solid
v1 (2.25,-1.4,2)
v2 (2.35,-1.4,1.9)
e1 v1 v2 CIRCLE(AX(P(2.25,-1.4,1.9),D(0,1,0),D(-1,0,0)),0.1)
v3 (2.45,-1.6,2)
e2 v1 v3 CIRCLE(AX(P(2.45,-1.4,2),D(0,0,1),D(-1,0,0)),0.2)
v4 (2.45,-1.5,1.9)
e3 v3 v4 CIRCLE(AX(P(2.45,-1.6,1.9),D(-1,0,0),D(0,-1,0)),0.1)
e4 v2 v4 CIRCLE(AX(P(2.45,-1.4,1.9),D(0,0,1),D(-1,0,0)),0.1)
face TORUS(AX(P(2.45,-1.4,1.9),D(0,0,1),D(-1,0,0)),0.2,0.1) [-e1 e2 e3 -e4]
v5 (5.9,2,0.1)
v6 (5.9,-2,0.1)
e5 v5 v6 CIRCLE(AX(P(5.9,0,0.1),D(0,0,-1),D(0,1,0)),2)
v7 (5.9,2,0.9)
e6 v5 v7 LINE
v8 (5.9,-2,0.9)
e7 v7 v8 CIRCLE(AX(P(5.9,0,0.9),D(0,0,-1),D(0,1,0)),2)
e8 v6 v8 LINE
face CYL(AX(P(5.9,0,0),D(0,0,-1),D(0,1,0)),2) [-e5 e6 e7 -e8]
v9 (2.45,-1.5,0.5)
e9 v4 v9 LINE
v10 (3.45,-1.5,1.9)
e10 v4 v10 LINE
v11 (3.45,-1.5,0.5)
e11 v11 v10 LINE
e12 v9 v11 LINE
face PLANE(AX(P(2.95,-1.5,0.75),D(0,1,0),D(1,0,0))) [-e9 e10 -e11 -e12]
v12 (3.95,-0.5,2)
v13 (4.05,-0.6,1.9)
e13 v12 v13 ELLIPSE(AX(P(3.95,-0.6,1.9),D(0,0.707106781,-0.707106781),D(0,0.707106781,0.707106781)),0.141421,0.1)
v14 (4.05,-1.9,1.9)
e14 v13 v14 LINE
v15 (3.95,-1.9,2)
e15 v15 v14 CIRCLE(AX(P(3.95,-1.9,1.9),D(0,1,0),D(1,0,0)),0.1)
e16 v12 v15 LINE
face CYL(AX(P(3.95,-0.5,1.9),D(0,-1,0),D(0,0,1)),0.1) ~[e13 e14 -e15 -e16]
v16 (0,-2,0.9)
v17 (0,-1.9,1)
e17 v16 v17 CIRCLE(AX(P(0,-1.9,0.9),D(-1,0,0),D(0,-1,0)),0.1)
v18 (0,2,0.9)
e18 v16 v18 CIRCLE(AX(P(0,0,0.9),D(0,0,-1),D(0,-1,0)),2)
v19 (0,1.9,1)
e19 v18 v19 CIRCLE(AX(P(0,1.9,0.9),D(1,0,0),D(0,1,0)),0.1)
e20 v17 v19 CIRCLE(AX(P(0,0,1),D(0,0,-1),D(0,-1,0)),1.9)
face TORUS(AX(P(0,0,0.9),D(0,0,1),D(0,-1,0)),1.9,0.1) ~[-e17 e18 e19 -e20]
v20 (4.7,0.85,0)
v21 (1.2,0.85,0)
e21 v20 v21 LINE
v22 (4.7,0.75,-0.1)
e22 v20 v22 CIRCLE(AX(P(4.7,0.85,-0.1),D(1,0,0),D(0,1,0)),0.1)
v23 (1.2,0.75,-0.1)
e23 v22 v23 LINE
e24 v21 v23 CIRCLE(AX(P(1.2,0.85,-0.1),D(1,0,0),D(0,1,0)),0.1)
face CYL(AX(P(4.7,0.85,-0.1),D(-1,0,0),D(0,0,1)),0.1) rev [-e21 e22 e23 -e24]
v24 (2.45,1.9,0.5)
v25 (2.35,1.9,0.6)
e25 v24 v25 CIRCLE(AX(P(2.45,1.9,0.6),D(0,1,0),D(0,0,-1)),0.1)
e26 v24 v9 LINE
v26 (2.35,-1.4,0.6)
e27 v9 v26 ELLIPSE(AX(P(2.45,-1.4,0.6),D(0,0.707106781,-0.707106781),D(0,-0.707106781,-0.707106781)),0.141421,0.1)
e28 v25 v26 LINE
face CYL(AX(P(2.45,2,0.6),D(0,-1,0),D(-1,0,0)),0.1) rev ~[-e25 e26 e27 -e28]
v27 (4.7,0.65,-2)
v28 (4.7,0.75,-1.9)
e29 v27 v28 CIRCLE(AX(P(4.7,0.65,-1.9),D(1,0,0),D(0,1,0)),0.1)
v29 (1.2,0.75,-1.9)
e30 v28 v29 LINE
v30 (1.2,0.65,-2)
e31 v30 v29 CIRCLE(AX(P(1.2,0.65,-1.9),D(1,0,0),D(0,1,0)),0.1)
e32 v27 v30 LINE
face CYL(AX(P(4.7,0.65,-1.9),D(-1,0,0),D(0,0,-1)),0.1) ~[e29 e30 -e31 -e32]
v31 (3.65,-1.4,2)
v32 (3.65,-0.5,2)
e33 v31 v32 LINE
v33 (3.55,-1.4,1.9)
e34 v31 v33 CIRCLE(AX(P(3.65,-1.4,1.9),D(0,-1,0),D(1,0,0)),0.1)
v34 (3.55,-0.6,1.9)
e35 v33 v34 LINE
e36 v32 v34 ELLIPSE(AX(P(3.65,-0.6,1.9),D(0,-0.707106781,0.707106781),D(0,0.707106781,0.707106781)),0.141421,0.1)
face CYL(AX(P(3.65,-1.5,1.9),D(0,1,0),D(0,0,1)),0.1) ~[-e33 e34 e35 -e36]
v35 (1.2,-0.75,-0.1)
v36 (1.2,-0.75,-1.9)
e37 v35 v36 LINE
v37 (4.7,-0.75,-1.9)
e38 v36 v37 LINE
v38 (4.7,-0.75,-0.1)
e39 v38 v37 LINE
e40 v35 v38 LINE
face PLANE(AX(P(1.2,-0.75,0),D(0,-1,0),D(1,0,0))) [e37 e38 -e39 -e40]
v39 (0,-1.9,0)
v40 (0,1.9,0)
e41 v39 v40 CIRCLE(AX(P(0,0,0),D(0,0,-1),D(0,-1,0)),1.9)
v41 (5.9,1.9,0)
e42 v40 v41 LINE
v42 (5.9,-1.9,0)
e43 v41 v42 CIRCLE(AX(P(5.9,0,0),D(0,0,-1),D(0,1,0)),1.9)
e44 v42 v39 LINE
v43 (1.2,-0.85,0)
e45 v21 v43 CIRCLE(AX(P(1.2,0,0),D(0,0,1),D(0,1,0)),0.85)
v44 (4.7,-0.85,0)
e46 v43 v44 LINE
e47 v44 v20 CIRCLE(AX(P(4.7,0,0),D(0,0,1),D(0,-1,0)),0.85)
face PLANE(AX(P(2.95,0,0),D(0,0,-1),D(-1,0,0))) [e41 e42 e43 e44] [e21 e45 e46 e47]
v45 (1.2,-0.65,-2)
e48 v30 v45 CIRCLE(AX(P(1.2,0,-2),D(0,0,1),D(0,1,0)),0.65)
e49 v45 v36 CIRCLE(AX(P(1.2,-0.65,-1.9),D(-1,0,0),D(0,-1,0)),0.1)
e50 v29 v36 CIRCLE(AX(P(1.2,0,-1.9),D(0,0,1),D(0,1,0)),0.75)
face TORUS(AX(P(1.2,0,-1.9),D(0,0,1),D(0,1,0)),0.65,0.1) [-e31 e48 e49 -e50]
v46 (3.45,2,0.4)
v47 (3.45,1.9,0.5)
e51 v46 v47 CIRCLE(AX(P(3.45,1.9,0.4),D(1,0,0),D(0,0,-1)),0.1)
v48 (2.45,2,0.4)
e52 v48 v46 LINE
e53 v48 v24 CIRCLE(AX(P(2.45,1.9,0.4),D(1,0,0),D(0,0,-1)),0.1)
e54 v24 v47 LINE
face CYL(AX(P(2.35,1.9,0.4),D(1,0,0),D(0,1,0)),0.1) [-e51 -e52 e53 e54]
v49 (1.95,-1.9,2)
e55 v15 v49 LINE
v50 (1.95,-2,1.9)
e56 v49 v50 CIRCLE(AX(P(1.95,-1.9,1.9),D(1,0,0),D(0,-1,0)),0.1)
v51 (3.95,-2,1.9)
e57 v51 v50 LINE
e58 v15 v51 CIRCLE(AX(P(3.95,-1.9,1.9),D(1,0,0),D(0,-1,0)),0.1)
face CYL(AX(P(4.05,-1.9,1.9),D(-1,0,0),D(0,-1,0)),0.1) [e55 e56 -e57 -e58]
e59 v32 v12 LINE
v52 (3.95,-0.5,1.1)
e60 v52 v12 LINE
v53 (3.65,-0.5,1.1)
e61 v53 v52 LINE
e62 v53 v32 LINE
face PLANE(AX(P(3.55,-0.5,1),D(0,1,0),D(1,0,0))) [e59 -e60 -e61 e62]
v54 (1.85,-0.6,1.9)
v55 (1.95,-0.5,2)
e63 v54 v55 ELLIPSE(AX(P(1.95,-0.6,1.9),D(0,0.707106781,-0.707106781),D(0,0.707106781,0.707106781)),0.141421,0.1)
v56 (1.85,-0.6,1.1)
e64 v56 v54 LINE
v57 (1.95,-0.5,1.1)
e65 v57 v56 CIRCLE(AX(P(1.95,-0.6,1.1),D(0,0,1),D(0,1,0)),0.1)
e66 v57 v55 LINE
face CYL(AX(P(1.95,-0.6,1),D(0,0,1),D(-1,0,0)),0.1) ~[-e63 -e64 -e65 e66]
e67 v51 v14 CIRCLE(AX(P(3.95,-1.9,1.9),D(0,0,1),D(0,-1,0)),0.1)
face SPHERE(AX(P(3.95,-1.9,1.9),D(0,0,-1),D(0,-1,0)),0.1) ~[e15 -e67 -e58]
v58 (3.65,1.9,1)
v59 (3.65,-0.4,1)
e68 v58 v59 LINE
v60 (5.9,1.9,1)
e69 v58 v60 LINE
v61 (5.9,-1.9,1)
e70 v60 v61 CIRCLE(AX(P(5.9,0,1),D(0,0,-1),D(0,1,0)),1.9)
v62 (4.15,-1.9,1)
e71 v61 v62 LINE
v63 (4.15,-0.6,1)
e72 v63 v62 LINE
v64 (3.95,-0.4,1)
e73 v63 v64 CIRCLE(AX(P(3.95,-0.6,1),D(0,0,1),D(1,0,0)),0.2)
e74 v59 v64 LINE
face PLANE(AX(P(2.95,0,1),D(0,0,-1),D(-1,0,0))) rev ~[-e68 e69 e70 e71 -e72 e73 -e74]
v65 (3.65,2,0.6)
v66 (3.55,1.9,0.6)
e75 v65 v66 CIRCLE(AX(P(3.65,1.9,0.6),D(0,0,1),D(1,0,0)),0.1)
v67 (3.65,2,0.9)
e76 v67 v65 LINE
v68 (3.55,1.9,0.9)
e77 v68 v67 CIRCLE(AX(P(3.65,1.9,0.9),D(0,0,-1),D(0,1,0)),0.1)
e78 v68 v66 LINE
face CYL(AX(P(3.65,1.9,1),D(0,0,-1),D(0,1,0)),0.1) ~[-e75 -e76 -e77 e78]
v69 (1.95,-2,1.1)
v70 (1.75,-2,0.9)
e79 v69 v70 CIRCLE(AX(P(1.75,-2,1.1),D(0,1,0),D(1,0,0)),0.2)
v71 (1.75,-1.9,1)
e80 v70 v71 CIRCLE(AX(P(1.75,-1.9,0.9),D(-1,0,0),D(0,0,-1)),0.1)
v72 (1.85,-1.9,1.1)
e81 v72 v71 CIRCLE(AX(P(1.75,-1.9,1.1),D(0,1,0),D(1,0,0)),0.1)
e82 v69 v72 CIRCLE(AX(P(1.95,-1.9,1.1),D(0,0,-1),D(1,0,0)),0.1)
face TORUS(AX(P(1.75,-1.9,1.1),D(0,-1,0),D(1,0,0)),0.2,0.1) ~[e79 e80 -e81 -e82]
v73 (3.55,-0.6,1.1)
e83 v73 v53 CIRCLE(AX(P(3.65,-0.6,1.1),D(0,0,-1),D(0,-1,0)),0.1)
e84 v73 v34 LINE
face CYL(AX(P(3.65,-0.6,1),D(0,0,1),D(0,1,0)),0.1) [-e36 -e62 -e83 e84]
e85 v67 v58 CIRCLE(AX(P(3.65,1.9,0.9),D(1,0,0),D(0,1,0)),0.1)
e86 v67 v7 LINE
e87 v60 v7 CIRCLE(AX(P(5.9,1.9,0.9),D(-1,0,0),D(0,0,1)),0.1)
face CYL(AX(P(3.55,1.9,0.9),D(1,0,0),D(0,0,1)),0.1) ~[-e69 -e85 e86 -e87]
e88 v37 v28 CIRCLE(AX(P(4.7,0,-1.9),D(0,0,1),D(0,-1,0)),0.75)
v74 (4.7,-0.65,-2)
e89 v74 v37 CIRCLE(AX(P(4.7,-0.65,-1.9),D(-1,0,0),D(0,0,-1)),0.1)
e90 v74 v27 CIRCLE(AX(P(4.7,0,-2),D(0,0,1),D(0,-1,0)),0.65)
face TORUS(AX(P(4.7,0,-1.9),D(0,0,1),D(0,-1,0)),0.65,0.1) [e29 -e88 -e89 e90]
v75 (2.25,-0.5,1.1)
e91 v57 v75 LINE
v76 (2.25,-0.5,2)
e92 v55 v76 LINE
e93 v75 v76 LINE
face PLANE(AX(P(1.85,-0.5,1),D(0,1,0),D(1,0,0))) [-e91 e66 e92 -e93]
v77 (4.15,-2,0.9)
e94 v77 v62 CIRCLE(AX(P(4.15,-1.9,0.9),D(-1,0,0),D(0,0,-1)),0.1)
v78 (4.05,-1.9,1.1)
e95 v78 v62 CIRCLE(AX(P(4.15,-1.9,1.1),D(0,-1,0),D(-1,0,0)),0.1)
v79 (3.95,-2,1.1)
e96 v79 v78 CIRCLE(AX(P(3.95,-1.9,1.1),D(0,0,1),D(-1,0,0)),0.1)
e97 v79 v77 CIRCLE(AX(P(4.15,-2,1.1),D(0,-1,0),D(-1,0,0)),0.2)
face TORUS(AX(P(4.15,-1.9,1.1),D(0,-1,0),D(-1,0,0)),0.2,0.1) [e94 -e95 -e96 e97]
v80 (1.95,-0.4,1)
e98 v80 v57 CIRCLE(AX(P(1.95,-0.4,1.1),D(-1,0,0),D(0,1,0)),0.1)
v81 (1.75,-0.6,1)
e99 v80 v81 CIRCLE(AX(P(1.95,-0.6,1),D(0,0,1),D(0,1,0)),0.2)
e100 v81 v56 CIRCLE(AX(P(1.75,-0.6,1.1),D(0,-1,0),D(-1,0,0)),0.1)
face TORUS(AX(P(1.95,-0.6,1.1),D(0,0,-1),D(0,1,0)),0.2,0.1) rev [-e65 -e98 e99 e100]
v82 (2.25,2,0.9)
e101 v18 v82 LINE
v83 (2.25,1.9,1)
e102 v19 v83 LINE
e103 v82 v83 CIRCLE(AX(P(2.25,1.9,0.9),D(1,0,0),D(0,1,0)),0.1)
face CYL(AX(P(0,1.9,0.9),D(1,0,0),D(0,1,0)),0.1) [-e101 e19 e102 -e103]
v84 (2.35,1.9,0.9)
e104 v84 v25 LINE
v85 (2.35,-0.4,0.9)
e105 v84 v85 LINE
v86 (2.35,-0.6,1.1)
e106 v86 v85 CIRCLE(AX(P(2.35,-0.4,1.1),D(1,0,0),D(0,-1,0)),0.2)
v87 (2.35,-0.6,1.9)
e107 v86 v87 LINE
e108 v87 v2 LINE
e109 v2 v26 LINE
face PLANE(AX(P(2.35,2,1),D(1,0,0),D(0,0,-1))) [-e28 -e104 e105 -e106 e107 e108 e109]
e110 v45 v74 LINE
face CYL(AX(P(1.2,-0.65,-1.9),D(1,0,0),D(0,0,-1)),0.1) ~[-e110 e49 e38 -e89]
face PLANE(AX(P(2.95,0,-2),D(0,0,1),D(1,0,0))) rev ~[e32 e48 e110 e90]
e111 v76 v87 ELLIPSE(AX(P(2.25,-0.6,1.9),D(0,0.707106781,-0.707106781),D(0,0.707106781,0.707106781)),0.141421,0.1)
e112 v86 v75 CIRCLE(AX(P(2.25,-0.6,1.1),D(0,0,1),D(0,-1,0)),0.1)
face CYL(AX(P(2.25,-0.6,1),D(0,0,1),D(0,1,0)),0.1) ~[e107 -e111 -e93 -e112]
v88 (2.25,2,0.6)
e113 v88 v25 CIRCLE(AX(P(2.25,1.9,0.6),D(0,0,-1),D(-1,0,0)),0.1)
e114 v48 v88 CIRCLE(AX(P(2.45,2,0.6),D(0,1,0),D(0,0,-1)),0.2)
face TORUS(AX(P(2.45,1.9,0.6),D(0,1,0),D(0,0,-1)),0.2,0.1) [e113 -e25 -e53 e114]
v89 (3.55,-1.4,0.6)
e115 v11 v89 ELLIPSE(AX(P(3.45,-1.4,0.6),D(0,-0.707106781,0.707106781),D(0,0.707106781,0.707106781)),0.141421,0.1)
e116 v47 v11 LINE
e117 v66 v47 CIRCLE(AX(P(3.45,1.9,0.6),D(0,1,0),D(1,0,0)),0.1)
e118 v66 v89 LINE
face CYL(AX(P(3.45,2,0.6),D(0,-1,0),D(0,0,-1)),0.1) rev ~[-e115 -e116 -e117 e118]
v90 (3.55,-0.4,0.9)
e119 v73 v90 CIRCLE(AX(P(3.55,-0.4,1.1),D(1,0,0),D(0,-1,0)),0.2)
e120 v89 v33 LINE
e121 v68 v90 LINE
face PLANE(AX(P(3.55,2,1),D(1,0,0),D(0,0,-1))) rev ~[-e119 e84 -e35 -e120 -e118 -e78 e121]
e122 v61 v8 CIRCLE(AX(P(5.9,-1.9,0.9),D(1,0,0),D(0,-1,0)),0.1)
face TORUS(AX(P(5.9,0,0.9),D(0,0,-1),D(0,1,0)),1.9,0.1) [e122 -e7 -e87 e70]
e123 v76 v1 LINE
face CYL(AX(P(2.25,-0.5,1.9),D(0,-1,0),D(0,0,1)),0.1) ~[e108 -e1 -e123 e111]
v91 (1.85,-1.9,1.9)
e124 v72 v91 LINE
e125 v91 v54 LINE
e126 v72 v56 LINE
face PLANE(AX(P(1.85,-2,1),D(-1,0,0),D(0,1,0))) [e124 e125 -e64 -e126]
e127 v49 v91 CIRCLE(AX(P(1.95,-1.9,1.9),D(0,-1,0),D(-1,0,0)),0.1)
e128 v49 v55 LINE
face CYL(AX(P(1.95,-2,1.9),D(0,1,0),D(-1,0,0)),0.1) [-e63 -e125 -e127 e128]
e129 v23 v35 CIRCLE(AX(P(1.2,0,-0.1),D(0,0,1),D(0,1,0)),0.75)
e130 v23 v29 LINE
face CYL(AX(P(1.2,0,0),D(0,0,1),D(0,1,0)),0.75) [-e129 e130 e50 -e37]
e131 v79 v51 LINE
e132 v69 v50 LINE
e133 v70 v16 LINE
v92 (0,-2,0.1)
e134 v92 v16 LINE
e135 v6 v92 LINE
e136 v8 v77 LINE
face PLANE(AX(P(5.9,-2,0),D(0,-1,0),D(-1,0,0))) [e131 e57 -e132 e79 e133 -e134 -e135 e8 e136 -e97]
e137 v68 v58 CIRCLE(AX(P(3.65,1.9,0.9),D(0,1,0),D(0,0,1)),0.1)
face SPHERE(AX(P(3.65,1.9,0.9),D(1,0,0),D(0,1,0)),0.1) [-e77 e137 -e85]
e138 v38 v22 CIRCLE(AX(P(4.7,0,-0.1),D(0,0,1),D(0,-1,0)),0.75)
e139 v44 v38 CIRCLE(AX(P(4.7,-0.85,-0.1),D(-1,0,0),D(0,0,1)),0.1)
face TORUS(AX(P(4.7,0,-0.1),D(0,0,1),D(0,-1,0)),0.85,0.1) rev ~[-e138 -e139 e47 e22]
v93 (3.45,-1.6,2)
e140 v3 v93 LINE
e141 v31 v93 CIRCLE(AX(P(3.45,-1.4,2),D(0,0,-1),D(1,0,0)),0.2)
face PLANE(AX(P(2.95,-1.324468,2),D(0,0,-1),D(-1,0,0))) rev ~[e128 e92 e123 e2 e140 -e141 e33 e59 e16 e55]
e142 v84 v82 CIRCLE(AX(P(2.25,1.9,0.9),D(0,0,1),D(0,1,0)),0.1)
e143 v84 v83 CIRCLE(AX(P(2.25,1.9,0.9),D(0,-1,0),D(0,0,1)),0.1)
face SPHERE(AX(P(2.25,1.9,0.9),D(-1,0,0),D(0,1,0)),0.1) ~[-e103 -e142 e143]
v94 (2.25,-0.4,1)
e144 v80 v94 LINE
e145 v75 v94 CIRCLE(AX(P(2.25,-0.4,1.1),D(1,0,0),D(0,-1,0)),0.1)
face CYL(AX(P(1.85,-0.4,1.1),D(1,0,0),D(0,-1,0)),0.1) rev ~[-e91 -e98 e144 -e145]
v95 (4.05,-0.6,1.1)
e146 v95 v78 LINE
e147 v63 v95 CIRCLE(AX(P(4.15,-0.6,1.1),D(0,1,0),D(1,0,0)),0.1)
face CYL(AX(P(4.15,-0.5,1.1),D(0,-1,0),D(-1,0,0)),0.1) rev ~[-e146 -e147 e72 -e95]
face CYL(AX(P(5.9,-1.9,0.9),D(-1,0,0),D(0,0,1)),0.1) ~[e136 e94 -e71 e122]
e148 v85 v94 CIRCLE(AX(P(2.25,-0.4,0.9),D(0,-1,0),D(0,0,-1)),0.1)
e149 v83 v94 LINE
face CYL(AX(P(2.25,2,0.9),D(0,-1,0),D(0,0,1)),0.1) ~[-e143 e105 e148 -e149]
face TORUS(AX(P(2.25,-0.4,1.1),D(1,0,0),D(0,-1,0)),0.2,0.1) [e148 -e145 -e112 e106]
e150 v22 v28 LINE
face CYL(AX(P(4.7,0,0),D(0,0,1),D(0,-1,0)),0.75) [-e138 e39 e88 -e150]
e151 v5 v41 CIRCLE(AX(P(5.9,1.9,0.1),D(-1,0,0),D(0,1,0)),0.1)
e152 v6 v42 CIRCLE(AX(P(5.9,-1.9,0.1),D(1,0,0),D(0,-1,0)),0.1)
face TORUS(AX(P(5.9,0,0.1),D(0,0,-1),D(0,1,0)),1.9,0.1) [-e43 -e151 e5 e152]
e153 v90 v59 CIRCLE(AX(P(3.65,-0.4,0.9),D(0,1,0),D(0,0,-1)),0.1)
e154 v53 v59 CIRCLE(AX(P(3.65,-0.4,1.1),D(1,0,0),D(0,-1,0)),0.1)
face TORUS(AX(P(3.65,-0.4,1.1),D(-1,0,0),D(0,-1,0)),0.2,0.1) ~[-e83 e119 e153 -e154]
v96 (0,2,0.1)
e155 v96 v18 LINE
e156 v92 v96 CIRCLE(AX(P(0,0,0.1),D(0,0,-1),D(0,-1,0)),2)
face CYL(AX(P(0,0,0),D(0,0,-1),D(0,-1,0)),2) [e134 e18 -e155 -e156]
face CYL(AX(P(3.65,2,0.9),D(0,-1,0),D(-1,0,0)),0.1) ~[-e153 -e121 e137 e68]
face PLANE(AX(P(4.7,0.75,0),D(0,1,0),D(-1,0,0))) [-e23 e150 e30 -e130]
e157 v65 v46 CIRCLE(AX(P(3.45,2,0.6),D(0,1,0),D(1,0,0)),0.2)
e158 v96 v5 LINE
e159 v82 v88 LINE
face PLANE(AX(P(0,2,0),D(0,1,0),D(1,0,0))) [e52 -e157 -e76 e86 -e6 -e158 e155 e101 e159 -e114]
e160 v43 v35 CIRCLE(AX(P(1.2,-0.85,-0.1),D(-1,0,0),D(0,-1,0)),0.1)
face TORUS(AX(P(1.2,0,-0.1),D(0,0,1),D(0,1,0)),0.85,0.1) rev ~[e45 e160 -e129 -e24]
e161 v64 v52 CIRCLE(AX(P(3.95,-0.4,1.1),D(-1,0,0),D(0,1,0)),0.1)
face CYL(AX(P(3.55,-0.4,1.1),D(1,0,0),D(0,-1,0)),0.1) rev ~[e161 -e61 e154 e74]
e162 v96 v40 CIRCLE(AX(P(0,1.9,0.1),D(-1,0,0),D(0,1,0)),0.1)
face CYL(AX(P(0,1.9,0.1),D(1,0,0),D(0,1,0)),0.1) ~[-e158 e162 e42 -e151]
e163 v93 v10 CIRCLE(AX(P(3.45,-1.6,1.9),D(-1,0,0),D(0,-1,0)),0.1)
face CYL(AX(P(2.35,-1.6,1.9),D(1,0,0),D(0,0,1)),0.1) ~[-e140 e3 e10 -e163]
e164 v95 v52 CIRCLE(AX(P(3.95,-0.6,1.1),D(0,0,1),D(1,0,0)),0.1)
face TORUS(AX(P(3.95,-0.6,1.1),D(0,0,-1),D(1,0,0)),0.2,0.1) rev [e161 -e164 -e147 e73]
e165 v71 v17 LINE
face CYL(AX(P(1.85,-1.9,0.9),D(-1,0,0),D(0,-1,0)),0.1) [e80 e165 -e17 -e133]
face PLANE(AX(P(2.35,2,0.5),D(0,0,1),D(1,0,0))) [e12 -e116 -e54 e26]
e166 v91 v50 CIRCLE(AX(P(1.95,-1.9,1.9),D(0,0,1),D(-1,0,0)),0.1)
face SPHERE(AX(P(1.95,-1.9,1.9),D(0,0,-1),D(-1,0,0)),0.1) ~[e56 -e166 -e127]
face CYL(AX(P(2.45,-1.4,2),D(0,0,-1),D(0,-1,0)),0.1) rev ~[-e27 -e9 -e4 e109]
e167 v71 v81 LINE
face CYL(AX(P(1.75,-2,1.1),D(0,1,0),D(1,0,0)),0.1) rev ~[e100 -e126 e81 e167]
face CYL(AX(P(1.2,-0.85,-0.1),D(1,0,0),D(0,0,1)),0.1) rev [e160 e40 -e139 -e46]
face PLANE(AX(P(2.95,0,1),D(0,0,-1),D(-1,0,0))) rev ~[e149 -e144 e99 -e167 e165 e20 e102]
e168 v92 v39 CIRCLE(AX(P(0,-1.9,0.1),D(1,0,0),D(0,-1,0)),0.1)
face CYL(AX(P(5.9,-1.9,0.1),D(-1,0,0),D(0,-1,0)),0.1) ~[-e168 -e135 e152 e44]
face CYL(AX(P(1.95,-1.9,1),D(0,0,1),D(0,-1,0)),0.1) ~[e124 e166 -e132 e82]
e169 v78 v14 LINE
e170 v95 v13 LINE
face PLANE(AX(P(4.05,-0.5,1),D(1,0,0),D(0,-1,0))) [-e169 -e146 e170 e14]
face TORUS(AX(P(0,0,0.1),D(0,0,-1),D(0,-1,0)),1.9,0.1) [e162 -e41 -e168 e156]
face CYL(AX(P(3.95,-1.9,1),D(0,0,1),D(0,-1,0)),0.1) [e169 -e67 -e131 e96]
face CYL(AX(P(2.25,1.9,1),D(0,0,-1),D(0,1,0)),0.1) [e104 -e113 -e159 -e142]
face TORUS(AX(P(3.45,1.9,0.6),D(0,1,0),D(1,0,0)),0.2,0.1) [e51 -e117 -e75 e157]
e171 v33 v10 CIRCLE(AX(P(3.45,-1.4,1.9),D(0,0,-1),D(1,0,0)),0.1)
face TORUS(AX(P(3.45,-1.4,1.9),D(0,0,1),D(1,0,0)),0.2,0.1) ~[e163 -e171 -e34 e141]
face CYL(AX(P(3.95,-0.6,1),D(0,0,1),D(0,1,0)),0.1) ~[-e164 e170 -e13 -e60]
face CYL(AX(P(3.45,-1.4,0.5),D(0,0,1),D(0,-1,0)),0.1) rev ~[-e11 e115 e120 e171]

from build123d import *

# Parameters (mm, degrees)
DODANIE_WYCI_GNI_CIE1_DEPTH = 1
DODANIE_WYCI_GNI_CIE2_DEPTH = 2
DODANIE_WYCI_GNI_CIE3_DEPTH = 1
SZKIC4_W                    = 1.2
SZKIC4_H                    = 0.5
WYTNIJ_WYCI_GNI_CIE1_DEPTH  = 3.5
ZAOKR_GLENIE1_R             = 0.1


with BuildPart() as part:
    # Szkic1 → Dodanie-wyciągnięcie1 (new body)
    with BuildSketch(Plane.XY):
        with BuildLine():
            Line((0, 2), (5.9, 2))
            ThreePointArc((5.9, 2), (7.9, 0), (5.9, -2))
            Line((5.9, -2), (0, -2))
            ThreePointArc((0, -2), (-2, 0), (0, 2))
        make_face()
    extrude(amount=DODANIE_WYCI_GNI_CIE1_DEPTH)

    # Szkic2 → Dodanie-wyciągnięcie2 (add)
    with BuildSketch(Plane(origin=(0, 0, 0), x_dir=(-1, 0, 0), z_dir=(0, 0, -1))):
        with BuildLine():
            Line((-1.2, -0.75), (-4.7, -0.75))
            ThreePointArc((-4.7, -0.75), (-5.45, 0), (-4.7, 0.75))
            Line((-4.7, 0.75), (-1.2, 0.75))
            ThreePointArc((-1.2, 0.75), (-0.45, 0), (-1.2, -0.75))
        make_face()
    extrude(amount=DODANIE_WYCI_GNI_CIE2_DEPTH)

    # Szkic3 → Dodanie-wyciągnięcie3 (add)
    with BuildSketch(Plane.XY.offset(1)):
        Polygon((2.35, -1.5), (3.55, -1.5), (3.55, -0.5), (4.05, -0.5), (4.05, -2), (1.85, -2), (1.85, -0.5), (2.35, -0.5), align=None)
    extrude(amount=DODANIE_WYCI_GNI_CIE3_DEPTH)

    # Szkic4 → Wytnij-wyciągnięcie1 (cut)
    with BuildSketch(Plane(origin=(0, 2, 0), x_dir=(1, 0, 0), z_dir=(0, 1, 0))):
        with Locations((2.95, -0.75)):
            Rectangle(SZKIC4_W, SZKIC4_H)
    extrude(amount=-WYTNIJ_WYCI_GNI_CIE1_DEPTH, mode=Mode.SUBTRACT)

    # Zaokrąglenie1
    zaokr_glenie1_edges = [part.edges().sort_by_distance(p)[0] for p in [
        (7.9, 0, 1),
        (0.45, 0, 0),
        (2.95, 0.75, 0),
        (5.45, 0, 0),
        (2.95, -0.75, 0),
        (4.725, 2, 1),
        (0.45, 0, -2),
        (2.95, 0.75, -2),
        (5.45, 0, -2),
        (2.95, -0.75, -2),
        (4.975, -2, 1),
        (2.35, -1.5, 1.25),
        (2.1, -0.5, 1),
        (2.35, -0.5, 1.5),
        (1.85, -1.25, 1),
        (1.85, -0.5, 1.5),
        (1.85, -2, 1.5),
        (4.05, -1.25, 1),
        (4.05, -2, 1.5),
        (3.8, -0.5, 1),
        (4.05, -0.5, 1.5),
        (3.55, -0.5, 1.5),
        (3.55, -1.5, 1.25),
        (2.35, -1, 2),
        (1.85, -1.25, 2),
        (2.95, -2, 2),
        (4.05, -1.25, 2),
        (3.55, -1, 2),
        (2.95, -1.5, 2),
        (1.175, 2, 1),
        (-2, 0, 1),
        (2.95, 2, 0),
        (3.55, 2, 0.75),
        (2.95, 2, 0.5),
        (2.35, 2, 0.75),
        (2.35, 0.25, 0.5),
        (2.35, 0.75, 1),
        (3.55, 0.75, 1),
        (3.55, 0.25, 0.5),
        (7.9, 0, 0),
        (2.95, -2, 0),
        (-2, 0, 0),
        (0.925, -2, 1),
    ]]
    fillet(zaokr_glenie1_edges, radius=ZAOKR_GLENIE1_R)


solid = part.part
